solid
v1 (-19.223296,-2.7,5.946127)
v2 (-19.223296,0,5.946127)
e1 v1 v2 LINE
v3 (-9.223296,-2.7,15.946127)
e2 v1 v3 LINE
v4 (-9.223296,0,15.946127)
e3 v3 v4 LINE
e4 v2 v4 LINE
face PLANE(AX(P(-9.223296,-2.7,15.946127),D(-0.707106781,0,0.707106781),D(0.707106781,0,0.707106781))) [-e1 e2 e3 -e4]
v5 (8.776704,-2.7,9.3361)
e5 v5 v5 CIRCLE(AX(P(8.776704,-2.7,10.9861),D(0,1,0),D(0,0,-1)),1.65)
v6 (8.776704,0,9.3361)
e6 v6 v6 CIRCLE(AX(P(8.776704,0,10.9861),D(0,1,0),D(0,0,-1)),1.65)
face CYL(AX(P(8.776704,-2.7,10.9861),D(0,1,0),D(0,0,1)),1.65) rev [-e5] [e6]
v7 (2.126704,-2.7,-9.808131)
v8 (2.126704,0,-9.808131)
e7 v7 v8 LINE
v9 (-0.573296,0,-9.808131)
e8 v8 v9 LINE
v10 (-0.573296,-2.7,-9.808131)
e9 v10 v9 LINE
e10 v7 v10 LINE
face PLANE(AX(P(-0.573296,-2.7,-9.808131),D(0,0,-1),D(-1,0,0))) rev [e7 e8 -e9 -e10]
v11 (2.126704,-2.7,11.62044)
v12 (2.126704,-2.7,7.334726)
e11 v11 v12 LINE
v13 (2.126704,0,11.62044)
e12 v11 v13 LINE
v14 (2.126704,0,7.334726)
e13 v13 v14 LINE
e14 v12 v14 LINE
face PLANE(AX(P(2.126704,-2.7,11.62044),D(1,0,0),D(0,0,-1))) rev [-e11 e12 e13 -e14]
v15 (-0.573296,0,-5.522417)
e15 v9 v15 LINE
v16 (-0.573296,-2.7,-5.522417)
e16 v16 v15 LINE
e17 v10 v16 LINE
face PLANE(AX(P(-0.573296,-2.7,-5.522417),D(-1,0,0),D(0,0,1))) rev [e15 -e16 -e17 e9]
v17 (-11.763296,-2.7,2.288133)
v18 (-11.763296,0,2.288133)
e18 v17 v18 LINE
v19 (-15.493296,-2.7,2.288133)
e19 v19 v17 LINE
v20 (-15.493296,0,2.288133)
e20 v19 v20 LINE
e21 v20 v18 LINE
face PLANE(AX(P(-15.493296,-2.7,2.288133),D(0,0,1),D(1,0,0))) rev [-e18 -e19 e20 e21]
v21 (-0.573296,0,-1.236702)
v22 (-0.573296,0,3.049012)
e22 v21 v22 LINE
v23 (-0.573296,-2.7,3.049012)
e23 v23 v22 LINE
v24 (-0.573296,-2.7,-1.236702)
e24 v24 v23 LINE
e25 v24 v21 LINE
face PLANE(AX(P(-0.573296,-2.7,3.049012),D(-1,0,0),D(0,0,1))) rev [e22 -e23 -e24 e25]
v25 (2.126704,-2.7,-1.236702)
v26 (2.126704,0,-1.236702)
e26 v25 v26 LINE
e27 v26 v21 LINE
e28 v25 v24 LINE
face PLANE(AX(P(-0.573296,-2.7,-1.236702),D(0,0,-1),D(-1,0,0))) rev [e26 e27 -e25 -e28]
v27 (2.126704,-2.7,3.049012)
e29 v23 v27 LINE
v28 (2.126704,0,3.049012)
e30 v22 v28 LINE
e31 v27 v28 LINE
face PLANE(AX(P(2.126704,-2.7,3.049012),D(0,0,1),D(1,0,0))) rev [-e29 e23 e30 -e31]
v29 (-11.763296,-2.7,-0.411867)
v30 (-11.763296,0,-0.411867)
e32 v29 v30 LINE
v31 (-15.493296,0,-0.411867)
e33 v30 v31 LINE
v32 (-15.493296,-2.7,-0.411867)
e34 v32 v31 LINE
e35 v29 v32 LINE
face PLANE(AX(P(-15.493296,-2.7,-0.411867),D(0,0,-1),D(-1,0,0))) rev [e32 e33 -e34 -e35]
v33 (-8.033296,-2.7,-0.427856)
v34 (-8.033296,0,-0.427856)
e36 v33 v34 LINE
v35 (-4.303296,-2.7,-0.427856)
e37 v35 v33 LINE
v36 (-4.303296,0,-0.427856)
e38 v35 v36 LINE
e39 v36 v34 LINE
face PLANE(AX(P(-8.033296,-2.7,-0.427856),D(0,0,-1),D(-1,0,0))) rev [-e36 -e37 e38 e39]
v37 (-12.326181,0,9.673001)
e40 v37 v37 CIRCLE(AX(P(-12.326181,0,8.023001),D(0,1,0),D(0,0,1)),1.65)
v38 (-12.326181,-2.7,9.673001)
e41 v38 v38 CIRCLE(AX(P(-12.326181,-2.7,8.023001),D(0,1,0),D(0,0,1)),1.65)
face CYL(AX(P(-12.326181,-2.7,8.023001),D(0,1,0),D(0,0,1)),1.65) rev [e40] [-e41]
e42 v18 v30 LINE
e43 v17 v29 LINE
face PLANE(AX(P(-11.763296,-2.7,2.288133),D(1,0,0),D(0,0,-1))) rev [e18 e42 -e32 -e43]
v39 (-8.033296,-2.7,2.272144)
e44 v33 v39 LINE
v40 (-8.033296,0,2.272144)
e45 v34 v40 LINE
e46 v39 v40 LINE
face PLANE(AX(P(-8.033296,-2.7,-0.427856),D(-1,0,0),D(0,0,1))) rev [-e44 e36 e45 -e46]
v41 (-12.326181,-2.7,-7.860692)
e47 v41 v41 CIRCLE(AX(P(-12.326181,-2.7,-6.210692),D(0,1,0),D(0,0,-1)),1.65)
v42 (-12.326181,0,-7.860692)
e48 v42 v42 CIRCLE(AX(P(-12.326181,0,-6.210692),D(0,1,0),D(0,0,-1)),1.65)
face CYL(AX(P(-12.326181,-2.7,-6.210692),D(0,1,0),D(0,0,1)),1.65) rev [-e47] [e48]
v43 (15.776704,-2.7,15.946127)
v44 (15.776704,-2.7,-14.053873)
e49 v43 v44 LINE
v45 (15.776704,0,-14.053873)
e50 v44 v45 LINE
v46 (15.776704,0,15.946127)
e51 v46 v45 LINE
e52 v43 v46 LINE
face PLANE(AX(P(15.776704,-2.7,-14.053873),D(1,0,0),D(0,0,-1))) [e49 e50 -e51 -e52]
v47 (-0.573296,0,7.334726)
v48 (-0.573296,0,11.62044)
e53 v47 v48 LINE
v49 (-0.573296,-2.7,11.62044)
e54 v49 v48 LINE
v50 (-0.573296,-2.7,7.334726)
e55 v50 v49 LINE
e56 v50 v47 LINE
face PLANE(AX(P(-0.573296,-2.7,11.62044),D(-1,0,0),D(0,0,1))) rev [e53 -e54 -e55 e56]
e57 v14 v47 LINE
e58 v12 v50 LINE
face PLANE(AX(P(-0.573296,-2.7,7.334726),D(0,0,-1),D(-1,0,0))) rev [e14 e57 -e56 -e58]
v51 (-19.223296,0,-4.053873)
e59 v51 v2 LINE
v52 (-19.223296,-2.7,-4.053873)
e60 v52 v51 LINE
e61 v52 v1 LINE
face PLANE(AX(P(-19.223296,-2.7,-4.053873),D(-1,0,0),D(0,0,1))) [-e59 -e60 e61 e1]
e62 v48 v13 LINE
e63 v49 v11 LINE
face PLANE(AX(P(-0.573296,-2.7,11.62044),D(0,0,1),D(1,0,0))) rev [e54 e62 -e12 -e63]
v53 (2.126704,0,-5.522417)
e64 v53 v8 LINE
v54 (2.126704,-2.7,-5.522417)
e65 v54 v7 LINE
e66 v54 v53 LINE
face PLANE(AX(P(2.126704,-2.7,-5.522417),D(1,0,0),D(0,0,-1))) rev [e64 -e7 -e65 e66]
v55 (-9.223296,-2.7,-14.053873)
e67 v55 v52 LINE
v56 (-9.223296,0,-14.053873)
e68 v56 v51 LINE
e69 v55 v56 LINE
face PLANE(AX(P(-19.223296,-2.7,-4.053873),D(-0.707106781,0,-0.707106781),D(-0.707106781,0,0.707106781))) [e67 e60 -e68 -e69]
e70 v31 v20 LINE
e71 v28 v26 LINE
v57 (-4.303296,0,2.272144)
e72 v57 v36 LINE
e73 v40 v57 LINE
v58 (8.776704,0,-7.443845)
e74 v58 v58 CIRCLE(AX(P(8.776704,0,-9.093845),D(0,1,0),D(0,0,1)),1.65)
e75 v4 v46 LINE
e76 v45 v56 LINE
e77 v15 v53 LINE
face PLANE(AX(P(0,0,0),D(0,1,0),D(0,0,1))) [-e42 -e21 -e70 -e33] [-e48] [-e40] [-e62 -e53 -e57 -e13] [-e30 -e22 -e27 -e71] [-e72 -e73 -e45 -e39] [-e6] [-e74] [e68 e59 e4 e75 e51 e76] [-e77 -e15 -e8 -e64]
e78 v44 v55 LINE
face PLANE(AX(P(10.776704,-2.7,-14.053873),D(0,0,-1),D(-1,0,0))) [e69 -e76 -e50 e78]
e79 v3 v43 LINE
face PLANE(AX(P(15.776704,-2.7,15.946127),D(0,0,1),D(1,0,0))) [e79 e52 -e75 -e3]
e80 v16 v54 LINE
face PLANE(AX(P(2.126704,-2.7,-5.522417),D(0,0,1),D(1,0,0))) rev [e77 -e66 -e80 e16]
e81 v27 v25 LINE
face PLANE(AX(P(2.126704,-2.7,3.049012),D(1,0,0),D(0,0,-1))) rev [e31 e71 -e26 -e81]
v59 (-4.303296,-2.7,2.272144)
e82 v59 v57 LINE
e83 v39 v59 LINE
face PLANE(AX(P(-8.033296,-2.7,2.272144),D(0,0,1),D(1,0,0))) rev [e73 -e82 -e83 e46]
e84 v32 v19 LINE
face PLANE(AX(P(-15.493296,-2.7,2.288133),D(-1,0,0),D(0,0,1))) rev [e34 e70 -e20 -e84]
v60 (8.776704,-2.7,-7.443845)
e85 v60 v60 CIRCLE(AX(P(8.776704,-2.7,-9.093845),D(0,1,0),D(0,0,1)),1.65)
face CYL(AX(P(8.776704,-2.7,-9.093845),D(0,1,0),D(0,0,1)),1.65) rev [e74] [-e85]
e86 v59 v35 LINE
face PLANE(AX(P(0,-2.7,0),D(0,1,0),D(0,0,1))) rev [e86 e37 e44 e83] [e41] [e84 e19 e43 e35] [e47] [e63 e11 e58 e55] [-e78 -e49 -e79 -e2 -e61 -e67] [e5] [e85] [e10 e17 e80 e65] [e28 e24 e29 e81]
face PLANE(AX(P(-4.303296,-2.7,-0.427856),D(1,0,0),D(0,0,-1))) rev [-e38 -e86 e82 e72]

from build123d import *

# Parameters (mm, degrees)
SKETCH1_R           = 1.65
SKETCH1_W           = 2.7
SKETCH1_H           = 4.285714286
SKETCH1_H_2         = 4.285714285
SKETCH1_W_2         = 3.73
SKETCH1_H_3         = 2.7
BOSS_EXTRUDE1_DEPTH = 2.7


with BuildPart() as part:
    # Sketch1 → Boss-Extrude1 (new body)
    with BuildSketch(Plane(origin=(0, 0, 0), x_dir=(1, 0, 0), z_dir=(0, 1, 0))):
        Polygon((10.776704041, -15.946127132), (-9.223295959, -15.946127132), (-19.223295959, -5.946127132), (-19.223295959, 4.053872868), (-9.223295959, 14.053872868), (10.776704041, 14.053872868), (15.776704041, 14.053872868), (15.776704041, -15.946127132), align=None)
        with Locations((-12.32618077, -8.023001304)):
            Circle(SKETCH1_R, mode=Mode.SUBTRACT)
        with Locations((8.776704041, 9.093845285)):
            Circle(SKETCH1_R, mode=Mode.SUBTRACT)
        with Locations((-12.32618077, 6.210691875)):
            Circle(SKETCH1_R, mode=Mode.SUBTRACT)
        with Locations((8.776704041, -10.98609955)):
            Circle(SKETCH1_R, mode=Mode.SUBTRACT)
        with Locations((0.776704041, -9.477583286)):
            Rectangle(SKETCH1_W, SKETCH1_H, mode=Mode.SUBTRACT)
        with Locations((0.776704041, -0.906154715)):
            Rectangle(SKETCH1_W, SKETCH1_H, mode=Mode.SUBTRACT)
        with Locations((0.776704041, 7.665273857)):
            Rectangle(SKETCH1_W, SKETCH1_H_2, mode=Mode.SUBTRACT)
        with Locations((-13.628295959, -0.938132649)):
            Rectangle(SKETCH1_W_2, SKETCH1_H_3, mode=Mode.SUBTRACT)
        with Locations((-6.168295959, -0.922143682)):
            Rectangle(SKETCH1_W_2, SKETCH1_H_3, mode=Mode.SUBTRACT)
    extrude(amount=-BOSS_EXTRUDE1_DEPTH)


solid = part.part
